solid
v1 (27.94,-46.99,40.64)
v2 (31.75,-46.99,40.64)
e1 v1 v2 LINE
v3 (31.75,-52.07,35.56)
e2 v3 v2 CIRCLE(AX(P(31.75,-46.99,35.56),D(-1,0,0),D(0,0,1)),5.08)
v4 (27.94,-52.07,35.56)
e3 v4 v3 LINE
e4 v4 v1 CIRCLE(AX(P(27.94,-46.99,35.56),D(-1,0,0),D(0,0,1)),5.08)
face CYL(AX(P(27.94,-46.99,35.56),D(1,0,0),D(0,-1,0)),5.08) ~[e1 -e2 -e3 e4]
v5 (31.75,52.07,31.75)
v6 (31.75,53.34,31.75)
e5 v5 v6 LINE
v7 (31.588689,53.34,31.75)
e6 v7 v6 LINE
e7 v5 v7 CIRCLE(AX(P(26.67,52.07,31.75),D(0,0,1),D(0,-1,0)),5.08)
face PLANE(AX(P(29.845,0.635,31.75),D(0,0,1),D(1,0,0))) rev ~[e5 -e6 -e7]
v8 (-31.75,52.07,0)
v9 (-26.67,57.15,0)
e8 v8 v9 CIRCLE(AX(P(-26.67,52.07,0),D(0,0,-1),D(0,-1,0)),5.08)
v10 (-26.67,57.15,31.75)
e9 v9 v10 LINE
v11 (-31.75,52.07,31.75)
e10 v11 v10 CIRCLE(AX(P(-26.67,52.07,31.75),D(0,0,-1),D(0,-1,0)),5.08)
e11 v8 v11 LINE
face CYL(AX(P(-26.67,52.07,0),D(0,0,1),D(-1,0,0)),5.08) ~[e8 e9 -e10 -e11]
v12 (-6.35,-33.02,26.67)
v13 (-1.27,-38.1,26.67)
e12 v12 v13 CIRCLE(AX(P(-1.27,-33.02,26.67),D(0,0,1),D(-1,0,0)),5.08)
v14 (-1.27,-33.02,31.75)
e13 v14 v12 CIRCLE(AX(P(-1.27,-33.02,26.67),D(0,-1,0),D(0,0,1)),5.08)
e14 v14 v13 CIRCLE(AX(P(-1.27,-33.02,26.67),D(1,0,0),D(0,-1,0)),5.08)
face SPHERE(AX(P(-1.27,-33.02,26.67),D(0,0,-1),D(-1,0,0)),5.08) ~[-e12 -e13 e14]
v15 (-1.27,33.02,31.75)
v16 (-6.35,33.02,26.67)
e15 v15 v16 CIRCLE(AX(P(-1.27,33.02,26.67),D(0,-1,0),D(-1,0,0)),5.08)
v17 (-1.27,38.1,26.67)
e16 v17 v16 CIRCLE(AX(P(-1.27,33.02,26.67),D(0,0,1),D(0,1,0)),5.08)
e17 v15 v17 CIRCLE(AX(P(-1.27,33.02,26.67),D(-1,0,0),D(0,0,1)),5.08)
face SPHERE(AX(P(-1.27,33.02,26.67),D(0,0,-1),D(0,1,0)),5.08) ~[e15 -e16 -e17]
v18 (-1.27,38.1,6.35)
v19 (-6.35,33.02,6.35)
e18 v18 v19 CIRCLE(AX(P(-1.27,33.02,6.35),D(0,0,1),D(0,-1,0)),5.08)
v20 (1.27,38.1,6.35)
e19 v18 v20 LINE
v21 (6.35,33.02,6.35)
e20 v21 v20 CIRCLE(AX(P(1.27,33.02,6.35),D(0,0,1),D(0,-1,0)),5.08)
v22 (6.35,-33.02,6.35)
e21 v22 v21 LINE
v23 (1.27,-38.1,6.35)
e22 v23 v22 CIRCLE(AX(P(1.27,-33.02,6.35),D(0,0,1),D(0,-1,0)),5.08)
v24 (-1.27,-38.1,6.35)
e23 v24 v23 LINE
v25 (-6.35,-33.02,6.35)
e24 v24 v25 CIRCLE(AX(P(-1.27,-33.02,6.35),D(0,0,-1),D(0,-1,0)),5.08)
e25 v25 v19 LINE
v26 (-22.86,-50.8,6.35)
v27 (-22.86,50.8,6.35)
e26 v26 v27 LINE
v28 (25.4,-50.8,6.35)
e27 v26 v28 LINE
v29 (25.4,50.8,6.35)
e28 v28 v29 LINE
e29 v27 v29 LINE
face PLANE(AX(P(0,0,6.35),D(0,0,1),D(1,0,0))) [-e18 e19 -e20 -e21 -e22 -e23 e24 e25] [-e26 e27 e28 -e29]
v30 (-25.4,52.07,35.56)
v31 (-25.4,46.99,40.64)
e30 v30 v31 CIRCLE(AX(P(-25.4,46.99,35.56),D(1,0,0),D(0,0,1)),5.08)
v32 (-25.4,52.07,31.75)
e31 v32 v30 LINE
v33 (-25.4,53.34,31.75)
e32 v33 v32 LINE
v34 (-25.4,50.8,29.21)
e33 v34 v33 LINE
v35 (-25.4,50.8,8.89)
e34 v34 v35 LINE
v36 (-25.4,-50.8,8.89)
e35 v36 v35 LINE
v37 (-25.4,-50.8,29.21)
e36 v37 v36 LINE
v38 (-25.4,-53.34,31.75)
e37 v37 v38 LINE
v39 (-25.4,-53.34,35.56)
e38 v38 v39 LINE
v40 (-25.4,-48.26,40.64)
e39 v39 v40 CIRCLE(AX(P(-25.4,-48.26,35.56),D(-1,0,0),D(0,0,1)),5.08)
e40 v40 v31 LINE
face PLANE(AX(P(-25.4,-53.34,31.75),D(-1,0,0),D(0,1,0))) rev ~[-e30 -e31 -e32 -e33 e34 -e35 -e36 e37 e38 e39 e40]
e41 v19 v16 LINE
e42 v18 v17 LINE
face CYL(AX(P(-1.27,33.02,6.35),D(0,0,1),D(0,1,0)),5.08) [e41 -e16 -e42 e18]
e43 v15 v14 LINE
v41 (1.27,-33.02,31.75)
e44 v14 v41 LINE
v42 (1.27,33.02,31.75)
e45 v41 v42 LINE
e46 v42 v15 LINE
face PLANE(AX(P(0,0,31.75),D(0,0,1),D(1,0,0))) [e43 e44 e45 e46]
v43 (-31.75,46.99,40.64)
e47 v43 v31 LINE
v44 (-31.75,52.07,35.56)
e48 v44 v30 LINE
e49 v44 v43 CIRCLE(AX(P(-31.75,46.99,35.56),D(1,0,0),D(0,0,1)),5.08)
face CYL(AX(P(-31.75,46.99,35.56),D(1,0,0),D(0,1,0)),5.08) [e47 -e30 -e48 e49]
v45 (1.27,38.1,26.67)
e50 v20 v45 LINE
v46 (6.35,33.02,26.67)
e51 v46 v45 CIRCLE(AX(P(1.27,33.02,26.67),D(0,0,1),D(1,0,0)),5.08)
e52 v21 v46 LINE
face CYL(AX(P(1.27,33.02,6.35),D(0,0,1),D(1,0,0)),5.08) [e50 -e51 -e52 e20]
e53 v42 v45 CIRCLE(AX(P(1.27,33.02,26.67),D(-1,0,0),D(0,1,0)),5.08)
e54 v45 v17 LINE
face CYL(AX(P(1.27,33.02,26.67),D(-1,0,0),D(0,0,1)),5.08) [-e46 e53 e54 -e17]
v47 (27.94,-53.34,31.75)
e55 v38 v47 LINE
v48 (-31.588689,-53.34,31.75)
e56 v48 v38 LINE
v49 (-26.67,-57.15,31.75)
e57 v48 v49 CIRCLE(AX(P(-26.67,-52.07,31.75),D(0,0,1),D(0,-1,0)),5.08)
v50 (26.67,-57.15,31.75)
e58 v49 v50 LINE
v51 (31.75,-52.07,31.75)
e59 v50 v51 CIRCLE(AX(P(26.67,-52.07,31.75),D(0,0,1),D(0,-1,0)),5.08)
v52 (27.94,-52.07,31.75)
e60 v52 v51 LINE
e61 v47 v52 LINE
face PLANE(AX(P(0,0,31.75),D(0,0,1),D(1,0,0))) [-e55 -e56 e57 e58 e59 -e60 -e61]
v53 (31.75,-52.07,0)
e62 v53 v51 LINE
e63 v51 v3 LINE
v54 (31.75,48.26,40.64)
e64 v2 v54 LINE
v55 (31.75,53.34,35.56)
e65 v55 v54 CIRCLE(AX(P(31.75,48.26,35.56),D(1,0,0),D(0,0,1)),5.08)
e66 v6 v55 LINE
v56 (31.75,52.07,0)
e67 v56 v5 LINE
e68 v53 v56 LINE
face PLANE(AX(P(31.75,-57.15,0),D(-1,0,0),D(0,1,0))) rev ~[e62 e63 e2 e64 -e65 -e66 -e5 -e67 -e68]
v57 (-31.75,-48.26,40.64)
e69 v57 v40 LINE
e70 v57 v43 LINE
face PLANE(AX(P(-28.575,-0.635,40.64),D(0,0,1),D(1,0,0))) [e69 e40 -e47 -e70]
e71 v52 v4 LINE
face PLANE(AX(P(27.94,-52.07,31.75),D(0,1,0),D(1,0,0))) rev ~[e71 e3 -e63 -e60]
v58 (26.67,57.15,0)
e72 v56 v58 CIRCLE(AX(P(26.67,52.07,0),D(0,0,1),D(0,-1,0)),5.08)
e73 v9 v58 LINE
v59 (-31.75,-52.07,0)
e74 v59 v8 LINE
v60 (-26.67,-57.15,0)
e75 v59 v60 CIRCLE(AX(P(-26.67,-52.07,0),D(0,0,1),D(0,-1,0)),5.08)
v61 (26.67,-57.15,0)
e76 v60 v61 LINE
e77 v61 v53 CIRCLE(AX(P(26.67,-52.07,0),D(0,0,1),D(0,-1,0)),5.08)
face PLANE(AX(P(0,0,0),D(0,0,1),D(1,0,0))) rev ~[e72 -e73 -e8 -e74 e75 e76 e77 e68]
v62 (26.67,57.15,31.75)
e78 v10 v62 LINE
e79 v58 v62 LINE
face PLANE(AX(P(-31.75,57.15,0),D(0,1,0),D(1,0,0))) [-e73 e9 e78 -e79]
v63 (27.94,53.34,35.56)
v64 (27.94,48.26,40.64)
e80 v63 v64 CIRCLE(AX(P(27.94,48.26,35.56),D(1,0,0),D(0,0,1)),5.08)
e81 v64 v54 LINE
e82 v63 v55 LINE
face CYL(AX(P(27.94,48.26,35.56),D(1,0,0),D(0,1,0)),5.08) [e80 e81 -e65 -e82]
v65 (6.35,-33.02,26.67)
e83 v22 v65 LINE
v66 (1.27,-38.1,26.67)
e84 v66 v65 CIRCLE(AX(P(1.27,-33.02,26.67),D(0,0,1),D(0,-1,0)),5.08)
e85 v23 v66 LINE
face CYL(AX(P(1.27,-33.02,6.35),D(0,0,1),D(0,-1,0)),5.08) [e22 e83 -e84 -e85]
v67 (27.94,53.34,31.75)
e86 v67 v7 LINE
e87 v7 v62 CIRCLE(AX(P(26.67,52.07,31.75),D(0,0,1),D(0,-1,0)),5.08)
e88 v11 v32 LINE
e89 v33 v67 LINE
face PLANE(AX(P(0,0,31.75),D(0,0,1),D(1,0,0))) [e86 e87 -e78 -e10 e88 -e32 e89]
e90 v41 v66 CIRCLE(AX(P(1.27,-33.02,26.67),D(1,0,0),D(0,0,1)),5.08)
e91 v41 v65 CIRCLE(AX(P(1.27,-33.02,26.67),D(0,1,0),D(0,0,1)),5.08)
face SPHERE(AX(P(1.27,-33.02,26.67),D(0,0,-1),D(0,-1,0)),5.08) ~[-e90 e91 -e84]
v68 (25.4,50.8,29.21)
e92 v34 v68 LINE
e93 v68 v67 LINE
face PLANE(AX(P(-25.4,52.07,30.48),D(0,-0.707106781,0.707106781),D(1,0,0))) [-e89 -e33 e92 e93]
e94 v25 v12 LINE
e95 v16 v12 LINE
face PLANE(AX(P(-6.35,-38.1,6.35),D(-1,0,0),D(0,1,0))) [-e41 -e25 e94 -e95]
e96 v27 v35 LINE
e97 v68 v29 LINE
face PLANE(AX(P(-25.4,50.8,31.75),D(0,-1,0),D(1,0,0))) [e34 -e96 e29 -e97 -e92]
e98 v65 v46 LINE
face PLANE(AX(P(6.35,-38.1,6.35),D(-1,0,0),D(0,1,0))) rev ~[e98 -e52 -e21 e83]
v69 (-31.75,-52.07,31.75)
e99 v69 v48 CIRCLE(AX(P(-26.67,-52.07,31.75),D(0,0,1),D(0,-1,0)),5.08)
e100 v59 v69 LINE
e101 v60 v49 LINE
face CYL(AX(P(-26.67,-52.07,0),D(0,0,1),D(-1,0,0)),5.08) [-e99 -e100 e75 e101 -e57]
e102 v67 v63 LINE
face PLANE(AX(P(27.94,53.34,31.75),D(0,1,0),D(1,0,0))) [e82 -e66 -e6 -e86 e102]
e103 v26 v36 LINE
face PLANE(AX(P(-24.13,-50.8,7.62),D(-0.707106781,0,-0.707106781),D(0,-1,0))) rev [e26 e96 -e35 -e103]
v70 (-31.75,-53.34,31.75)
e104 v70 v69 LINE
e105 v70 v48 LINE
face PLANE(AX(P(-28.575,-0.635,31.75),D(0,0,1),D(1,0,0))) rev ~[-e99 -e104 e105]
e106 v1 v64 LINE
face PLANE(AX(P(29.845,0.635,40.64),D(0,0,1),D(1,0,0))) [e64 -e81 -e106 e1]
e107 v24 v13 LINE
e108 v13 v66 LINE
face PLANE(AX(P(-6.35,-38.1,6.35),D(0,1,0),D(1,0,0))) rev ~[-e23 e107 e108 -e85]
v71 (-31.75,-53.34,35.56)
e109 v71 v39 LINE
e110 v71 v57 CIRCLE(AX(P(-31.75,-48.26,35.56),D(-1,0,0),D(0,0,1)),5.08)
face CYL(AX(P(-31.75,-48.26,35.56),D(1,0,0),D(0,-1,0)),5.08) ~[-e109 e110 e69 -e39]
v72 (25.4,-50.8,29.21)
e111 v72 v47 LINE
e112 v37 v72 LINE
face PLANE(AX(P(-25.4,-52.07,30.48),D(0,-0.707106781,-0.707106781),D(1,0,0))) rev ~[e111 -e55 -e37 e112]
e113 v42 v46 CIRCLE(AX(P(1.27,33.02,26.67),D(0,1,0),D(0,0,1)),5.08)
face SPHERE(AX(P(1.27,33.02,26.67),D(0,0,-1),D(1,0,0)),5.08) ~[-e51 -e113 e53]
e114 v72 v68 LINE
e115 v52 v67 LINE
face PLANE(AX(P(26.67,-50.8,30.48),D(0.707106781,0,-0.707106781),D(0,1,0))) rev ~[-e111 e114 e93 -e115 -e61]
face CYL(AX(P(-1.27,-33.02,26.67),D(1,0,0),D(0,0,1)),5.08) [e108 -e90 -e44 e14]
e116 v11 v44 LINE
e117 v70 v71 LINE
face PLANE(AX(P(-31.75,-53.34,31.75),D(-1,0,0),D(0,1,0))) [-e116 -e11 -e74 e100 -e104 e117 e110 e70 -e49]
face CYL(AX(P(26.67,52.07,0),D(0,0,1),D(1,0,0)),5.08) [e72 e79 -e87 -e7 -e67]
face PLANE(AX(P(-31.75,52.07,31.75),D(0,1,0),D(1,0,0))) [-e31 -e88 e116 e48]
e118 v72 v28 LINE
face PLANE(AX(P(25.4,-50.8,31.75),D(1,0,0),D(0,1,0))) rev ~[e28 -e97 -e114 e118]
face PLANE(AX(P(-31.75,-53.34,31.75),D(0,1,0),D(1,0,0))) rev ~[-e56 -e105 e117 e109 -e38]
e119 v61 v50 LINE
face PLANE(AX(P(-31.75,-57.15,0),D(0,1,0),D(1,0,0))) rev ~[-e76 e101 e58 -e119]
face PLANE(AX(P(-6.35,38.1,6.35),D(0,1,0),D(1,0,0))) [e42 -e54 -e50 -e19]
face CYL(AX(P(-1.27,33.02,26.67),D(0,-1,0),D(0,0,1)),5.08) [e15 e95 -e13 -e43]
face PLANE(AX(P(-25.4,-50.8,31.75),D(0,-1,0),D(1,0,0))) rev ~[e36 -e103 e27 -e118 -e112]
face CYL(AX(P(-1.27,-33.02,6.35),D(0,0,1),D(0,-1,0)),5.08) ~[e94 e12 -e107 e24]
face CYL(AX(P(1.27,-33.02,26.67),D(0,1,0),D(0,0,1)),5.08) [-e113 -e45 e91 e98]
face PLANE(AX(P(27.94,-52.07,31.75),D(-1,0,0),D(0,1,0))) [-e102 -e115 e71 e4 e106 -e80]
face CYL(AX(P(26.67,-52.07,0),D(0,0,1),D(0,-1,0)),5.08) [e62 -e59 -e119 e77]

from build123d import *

# Parameters (mm, degrees)
F0_W      = 63.5
F0_H      = 114.3
F1_DEPTH  = 31.75
F2_W      = 50.8
F2_H      = 101.6
F3_DEPTH  = 25.4
F4_W      = 12.7
F4_H      = 76.2
F5_DEPTH  = 25.4
F6_R      = 5.08
F7_SIZE   = 2.54
F8_R      = 5.08
F9_R      = 5.08
F10_W     = 6.35
F10_H     = 105.41
F10_W_2   = 3.81
F11_DEPTH = 8.89
F12_R     = 5.08


with BuildPart() as f1:
    # F0 (on Top) → F1 (new body)
    with BuildSketch(Plane.XY):
        Rectangle(F0_W, F0_H)
    extrude(amount=F1_DEPTH)

    # F2 (on face) → F3 (cut)
    with BuildSketch(Plane.XY.offset(31.75)):
        Rectangle(F2_W, F2_H)
    extrude(amount=-F3_DEPTH, mode=Mode.SUBTRACT)

    # F4 (on face) → F5 (join)
    with BuildSketch(Plane.XY.offset(6.35)):
        Rectangle(F4_W, F4_H)
    extrude(amount=F5_DEPTH)

    # F6
    f6_edges = [f1.edges().sort_by_distance(p)[0] for p in [
        (6.35, -38.1, 19.05),
        (-6.35, -38.1, 19.05),
        (6.35, 38.1, 19.05),
        (-6.35, 38.1, 19.05),
    ]]
    fillet(f6_edges, radius=F6_R)

    # F7
    f7_edges = [f1.edges().sort_by_distance(p)[0] for p in [
        (-25.4, 0, 6.35),
        (0, 50.8, 31.75),
        (25.4, 0, 31.75),
        (0, -50.8, 31.75),
    ]]
    chamfer(f7_edges, length=F7_SIZE)

    # F8
    f8_edges = [f1.edges().sort_by_distance(p)[0] for p in [
        (6.35, 0, 31.75),
        (-6.35, 0, 31.75),
    ]]
    fillet(f8_edges, radius=F8_R)

    # F9
    f9_edges = [f1.edges().sort_by_distance(p)[0] for p in [
        (-31.75, -57.15, 15.875),
        (31.75, -57.15, 15.875),
        (31.75, 57.15, 15.875),
        (-31.75, 57.15, 15.875),
    ]]
    fillet(f9_edges, radius=F9_R)

    # F10 (on face) → F11 (join)
    with BuildSketch(Plane.XY.offset(31.75)):
        with Locations((-28.575, -0.635)):
            Rectangle(F10_W, F10_H)
        with Locations((29.845, 0.635)):
            Rectangle(F10_W_2, F10_H)
    extrude(amount=F11_DEPTH)

    # F12
    f12_edges = [f1.edges().sort_by_distance(p)[0] for p in [
        (-28.575, -53.34, 40.64),
        (29.845, -52.07, 40.64),
        (-28.575, 52.07, 40.64),
        (29.845, 53.34, 40.64),
    ]]
    fillet(f12_edges, radius=F12_R)


solid = f1.part
